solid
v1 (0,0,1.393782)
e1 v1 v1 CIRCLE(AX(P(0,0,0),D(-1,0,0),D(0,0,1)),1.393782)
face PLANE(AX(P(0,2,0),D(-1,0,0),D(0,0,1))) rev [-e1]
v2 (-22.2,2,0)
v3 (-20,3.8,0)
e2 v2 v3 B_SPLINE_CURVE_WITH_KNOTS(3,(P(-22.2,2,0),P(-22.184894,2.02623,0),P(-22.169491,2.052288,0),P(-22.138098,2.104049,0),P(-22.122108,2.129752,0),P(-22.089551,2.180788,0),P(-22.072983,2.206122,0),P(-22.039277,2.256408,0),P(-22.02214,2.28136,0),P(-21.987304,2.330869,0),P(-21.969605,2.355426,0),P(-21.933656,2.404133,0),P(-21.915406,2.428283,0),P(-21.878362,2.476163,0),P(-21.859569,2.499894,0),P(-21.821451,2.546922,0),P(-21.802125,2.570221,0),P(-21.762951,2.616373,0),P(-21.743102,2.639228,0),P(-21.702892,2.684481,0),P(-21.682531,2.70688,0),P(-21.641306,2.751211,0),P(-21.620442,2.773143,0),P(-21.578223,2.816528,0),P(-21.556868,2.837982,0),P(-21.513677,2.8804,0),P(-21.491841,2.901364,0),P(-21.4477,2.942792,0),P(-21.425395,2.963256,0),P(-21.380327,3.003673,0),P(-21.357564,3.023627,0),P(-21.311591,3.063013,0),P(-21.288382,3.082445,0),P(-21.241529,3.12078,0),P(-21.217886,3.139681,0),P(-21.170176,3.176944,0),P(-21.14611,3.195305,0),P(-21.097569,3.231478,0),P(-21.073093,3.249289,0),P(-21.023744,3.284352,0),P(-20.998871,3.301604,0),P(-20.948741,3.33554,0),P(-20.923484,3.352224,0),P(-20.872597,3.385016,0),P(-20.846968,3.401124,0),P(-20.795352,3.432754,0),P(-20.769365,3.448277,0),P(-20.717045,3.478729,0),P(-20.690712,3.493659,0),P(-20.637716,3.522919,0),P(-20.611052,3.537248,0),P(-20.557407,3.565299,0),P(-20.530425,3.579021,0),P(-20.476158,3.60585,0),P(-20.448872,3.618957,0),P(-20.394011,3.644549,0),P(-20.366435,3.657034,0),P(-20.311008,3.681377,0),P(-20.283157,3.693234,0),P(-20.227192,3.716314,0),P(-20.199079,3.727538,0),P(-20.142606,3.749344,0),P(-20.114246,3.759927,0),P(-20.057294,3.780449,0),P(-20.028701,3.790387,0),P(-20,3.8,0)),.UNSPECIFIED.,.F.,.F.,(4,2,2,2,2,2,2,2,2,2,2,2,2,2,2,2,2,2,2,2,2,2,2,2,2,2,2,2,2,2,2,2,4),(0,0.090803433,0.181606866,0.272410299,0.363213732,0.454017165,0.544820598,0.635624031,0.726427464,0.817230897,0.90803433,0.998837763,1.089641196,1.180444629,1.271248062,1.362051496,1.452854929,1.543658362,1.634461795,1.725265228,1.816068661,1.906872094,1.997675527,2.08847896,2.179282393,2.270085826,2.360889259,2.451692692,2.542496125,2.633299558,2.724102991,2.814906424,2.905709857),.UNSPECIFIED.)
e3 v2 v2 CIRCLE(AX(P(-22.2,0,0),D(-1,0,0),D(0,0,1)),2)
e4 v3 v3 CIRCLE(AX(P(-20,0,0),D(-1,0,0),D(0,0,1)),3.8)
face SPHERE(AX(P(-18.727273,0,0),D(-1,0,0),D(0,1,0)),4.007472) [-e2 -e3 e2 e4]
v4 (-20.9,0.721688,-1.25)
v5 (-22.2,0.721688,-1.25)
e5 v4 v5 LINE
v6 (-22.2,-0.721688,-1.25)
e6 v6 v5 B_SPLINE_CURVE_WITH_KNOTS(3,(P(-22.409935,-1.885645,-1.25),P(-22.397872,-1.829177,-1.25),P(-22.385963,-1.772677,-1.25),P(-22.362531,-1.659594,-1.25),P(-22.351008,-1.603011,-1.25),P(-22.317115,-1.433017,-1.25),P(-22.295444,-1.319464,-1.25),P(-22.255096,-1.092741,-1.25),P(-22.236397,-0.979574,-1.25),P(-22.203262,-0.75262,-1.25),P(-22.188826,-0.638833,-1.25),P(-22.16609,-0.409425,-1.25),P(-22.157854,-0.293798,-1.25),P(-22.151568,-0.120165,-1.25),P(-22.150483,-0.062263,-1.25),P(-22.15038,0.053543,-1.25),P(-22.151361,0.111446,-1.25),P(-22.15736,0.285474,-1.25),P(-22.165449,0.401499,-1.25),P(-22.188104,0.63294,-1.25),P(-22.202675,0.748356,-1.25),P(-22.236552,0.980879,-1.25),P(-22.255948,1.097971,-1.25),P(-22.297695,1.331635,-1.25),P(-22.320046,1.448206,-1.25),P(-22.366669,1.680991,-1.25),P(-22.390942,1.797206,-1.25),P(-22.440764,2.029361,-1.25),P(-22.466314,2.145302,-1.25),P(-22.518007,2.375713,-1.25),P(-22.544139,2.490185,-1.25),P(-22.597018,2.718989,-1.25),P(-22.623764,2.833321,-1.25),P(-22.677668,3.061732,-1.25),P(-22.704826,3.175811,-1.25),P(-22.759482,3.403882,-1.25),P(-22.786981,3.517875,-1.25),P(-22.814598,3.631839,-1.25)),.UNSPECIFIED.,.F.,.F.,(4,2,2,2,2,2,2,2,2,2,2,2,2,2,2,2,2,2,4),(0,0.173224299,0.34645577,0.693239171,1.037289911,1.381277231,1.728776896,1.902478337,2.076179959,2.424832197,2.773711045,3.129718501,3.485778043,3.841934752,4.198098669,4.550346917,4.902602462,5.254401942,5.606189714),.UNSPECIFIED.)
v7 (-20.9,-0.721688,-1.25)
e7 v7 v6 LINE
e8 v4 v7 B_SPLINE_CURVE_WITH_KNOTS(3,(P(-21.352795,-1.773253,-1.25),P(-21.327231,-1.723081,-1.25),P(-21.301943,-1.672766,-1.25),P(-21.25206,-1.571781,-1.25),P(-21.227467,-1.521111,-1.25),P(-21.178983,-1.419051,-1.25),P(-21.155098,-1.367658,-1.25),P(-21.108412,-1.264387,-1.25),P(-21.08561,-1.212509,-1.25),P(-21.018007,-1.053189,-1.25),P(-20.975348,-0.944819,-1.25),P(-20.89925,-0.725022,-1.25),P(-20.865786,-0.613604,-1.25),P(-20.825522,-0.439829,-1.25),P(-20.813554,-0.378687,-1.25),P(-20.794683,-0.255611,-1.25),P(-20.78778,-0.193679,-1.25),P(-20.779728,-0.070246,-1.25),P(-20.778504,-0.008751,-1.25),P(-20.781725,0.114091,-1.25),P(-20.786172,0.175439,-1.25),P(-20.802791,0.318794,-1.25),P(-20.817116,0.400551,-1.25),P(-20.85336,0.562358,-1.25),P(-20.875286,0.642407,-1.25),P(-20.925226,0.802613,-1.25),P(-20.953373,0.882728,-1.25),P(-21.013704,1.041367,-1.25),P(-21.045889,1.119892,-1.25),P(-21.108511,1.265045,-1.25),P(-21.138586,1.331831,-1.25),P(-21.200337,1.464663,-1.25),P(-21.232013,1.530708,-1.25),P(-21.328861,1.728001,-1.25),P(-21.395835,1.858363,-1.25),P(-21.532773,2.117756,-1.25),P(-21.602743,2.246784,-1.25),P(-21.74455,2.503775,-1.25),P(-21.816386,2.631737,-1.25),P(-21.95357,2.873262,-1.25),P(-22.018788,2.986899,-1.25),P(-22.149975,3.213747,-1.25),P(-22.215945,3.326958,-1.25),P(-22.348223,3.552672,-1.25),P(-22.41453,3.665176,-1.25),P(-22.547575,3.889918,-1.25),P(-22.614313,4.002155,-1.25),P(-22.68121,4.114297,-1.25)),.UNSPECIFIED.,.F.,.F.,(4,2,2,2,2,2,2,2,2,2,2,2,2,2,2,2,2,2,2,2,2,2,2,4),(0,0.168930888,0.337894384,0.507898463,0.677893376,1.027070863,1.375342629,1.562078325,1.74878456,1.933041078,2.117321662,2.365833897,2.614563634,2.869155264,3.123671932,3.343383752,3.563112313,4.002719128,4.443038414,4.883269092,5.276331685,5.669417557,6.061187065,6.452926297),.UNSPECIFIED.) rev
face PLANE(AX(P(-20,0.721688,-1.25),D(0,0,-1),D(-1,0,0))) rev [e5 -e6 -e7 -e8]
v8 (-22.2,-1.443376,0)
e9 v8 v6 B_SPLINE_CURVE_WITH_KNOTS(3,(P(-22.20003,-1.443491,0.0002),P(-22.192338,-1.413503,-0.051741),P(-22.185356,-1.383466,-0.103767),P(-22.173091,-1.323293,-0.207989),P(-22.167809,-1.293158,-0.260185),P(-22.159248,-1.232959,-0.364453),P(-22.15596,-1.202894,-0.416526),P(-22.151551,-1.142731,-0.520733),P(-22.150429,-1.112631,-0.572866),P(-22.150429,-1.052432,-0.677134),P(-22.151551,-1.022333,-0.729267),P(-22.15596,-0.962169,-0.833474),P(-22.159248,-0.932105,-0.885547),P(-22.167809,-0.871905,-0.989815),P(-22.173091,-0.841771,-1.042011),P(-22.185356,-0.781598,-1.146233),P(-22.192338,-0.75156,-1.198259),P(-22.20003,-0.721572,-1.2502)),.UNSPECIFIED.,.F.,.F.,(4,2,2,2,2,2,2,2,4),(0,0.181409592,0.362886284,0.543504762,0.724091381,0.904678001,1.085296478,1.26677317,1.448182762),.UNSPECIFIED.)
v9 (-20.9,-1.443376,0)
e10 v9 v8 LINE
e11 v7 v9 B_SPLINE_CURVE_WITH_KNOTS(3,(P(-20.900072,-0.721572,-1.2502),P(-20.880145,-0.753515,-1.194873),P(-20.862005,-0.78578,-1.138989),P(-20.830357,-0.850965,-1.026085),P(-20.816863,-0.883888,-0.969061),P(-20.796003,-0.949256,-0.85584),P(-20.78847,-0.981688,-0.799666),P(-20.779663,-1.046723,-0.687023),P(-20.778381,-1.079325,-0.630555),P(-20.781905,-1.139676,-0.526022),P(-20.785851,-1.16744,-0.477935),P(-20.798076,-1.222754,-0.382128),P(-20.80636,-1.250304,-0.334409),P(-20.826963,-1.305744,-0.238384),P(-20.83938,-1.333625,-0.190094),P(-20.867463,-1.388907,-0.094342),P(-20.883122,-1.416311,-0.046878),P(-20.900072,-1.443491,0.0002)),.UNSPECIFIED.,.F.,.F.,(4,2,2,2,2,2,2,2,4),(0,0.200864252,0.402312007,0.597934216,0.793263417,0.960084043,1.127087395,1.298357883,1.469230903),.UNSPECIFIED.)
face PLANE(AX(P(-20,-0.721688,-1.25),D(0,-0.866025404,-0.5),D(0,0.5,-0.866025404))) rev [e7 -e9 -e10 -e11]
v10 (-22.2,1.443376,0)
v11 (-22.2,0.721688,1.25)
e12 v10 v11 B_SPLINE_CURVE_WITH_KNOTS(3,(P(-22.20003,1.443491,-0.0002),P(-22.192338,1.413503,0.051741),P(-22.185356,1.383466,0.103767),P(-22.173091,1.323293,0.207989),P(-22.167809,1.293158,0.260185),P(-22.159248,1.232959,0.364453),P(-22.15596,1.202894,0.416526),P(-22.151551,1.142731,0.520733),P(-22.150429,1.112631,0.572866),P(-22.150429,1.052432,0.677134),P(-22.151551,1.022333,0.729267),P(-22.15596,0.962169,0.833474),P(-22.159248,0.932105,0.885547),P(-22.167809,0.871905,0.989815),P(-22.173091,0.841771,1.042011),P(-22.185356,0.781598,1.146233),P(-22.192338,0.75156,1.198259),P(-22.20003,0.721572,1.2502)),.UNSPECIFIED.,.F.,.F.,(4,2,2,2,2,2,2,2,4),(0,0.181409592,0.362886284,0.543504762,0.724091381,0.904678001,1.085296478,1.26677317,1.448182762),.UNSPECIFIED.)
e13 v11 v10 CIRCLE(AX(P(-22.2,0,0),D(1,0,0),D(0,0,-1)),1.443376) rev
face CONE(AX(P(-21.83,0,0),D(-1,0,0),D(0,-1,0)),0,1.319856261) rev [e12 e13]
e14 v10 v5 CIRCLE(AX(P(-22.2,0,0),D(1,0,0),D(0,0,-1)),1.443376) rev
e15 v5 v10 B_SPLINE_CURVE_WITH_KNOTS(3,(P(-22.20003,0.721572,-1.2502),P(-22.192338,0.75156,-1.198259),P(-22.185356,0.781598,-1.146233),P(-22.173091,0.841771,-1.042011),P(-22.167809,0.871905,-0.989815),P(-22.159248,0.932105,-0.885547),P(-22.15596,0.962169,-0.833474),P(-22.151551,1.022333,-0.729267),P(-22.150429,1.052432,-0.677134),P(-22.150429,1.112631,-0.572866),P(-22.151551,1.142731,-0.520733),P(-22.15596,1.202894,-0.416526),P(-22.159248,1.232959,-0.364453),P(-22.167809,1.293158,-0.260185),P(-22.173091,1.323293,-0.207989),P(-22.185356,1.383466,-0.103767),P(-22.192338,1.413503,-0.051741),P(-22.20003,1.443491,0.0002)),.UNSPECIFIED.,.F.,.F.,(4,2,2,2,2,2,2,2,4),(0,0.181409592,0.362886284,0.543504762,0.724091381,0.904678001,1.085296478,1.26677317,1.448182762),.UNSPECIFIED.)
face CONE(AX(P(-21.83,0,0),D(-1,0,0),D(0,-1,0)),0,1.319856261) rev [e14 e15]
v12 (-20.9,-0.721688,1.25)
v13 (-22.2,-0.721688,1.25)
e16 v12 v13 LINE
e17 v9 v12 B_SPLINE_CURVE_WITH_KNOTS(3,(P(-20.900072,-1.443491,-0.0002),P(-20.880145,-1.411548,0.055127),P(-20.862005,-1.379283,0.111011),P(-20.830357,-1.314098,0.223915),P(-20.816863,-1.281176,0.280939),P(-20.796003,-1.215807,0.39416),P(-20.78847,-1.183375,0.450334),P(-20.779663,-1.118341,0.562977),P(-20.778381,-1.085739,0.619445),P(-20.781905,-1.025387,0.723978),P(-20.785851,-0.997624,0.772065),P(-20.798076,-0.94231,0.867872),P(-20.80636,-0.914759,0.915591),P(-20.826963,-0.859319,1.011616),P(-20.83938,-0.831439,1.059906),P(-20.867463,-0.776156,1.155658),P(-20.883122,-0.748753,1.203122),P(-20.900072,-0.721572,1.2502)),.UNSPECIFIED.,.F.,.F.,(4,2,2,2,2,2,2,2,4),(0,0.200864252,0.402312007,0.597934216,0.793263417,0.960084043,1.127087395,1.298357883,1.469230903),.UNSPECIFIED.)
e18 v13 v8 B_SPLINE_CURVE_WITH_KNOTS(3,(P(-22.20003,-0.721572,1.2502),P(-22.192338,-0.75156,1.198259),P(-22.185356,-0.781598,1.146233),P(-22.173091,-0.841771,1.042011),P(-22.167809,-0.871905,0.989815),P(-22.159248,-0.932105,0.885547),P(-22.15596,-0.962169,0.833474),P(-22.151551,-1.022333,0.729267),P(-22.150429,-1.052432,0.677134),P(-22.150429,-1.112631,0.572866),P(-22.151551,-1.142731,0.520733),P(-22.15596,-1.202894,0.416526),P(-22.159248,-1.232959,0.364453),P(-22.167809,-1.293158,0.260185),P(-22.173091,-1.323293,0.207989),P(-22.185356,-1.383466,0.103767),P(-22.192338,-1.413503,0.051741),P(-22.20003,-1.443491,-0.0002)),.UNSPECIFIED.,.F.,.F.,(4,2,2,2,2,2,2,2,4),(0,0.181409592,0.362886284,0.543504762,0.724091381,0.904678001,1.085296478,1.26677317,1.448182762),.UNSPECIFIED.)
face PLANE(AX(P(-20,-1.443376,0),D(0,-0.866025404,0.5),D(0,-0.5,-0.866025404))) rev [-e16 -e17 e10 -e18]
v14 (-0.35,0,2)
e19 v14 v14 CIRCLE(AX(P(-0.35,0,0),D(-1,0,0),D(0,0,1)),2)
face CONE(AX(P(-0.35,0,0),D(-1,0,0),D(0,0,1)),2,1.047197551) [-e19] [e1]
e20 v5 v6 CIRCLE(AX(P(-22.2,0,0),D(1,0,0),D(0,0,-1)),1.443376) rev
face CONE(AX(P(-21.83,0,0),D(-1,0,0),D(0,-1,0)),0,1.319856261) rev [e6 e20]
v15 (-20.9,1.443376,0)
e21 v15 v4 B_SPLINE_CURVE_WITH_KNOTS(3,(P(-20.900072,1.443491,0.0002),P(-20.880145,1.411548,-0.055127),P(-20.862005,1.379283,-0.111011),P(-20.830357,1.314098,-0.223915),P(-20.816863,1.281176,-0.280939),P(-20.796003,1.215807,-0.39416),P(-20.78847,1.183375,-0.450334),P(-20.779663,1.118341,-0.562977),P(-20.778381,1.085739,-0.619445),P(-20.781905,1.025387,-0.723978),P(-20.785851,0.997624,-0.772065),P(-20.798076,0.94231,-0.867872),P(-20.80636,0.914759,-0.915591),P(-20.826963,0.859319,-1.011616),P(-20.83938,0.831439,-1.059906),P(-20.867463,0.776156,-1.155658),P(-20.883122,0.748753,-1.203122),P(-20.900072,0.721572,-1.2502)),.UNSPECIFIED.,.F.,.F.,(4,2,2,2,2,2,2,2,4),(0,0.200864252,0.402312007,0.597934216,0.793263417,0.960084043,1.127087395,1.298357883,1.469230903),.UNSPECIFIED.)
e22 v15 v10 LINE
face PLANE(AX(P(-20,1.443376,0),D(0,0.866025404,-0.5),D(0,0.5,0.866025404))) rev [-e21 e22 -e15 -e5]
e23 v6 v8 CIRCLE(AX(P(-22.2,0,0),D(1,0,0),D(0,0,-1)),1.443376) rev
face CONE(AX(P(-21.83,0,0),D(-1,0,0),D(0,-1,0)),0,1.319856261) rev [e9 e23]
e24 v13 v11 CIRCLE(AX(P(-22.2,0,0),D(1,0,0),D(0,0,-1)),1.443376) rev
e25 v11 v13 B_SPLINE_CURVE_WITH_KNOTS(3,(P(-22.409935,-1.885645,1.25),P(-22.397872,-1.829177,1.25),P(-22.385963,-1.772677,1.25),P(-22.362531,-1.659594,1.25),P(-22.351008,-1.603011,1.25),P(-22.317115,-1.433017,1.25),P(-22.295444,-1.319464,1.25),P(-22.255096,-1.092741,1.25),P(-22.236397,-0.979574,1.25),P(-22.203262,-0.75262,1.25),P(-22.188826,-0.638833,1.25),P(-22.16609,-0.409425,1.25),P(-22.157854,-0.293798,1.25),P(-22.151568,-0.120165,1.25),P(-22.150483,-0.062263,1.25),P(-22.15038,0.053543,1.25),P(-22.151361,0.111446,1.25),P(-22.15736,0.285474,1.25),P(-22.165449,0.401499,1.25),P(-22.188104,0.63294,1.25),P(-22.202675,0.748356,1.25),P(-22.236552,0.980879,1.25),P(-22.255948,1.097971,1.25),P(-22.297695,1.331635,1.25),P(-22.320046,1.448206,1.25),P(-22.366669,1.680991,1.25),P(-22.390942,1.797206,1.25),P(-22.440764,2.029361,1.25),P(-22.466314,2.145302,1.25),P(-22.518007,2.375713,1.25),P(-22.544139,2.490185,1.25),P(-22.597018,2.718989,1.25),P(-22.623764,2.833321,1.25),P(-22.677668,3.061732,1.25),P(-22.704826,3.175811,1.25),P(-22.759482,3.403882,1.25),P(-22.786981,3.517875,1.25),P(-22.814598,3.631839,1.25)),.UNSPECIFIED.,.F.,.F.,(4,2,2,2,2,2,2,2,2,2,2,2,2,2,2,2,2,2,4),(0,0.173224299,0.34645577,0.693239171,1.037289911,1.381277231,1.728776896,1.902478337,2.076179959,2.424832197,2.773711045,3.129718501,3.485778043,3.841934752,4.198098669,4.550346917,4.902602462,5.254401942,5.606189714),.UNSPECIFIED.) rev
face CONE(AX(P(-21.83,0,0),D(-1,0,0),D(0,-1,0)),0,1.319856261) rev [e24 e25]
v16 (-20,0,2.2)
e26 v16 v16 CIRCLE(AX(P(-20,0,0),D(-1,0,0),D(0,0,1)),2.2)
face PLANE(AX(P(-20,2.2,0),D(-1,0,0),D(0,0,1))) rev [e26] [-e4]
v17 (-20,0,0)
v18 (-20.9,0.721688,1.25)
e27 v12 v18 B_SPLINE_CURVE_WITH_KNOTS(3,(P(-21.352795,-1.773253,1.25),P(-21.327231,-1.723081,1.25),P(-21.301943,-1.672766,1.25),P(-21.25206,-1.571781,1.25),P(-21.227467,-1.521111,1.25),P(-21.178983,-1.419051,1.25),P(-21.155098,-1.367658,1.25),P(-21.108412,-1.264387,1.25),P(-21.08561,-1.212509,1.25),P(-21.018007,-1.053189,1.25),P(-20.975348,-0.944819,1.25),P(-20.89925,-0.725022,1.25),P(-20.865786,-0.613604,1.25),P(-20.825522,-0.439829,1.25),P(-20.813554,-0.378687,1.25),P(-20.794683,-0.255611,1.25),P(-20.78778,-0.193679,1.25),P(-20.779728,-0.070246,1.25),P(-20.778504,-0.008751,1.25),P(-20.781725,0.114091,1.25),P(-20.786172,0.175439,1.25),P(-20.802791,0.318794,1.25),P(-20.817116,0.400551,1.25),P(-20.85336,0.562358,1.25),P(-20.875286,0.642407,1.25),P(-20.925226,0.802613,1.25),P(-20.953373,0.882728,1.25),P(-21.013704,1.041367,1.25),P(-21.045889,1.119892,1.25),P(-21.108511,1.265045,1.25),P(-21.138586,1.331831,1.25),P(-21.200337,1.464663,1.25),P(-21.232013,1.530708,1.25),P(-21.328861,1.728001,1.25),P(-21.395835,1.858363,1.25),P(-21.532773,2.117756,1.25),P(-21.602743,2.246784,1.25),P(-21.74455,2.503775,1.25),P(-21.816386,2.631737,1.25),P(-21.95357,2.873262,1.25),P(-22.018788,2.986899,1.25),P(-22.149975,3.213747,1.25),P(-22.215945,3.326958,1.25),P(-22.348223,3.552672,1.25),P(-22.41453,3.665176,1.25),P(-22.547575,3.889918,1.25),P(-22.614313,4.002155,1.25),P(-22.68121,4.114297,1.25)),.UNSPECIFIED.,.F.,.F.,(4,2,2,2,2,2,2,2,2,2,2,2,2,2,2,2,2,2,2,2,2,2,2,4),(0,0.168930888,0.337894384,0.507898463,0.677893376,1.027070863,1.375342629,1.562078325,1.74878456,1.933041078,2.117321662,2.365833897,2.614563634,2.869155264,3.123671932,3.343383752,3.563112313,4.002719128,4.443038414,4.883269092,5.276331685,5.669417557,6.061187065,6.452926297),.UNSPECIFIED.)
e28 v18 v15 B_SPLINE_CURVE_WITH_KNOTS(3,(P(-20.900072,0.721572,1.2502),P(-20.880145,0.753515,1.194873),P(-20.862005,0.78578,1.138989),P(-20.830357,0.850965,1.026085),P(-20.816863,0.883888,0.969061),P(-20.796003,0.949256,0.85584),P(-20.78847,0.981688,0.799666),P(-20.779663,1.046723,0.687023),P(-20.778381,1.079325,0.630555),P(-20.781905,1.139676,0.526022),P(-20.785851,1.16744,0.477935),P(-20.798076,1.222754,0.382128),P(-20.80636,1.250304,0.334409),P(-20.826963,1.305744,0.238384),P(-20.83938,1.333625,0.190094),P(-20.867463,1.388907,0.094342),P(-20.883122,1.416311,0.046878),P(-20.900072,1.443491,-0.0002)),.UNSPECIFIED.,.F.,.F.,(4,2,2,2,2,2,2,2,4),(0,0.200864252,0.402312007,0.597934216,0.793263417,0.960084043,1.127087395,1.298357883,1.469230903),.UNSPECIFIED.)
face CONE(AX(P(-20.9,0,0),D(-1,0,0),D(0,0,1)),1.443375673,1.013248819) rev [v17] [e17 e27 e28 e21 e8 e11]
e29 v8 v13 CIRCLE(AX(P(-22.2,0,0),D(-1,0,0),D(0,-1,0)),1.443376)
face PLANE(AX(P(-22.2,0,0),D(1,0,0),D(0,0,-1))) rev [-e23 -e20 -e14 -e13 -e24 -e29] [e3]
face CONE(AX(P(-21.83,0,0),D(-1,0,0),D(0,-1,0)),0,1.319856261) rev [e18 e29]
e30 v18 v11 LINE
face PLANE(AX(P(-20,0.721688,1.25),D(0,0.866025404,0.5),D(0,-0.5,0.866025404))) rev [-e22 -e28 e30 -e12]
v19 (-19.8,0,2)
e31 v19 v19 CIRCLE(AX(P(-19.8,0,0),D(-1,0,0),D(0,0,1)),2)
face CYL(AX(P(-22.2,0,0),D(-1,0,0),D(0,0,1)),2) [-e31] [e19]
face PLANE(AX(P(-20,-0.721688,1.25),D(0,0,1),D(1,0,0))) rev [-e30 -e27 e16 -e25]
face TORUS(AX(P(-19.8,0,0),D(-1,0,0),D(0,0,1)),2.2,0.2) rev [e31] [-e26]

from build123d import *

# Parameters (mm, degrees)
CUT_EXTRUDE_1_DEPTH = 2.2


with BuildPart() as part:
    # 草图1 → 旋转1 (revolve)
    with BuildSketch(Plane.XY):
        with BuildLine():
            Line((0, 2), (-19.8, 2))
            ThreePointArc((-19.8, 2), (-19.941421356, 2.058578644), (-20, 2.2))
            Line((-20, 2.2), (-20, 3.8))
            ThreePointArc((-20, 3.8), (-21.264955669, 3.101612484), (-22.2, 2))
            Line((-22.2, 2), (-22.2, 0))
            Line((-22.2, 0), (0, 0))
            Line((0, 0), (0, 2))
        make_face()
    revolve(axis=Axis((-22.2, 0, 0), (1, 0, 0)))

    # 草图2 → 切除-拉伸1 (cut)
    with BuildSketch(Plane.ZY.offset(22.2)):
        Polygon((0, 1.443375673), (-1.25, 0.721687836), (-1.25, -0.721687836), (0, -1.443375673), (1.25, -0.721687836), (1.25, 0.721687836), align=None)
    extrude(amount=-CUT_EXTRUDE_1_DEPTH, mode=Mode.SUBTRACT)

    # 草图6 → 旋转2 (revolve)
    with BuildSketch(Plane.XY):
        Polygon((-20.9, 1.443375673), (-20, 0), (-19.63, 0), (-19.63, 1.443375673), align=None)
    revolve(axis=Axis((-22.2, 0, 0), (1, 0, 0)))

    # 草图7 → 切除-旋转5 (revolve, cut)
    with BuildSketch(Plane.XY):
        Polygon((-22.2, 1.443375673), (-21.83, 0), (-22.2, 0), align=None)
    revolve(axis=Axis((-22.2, 0, 0), (1, 0, 0)), mode=Mode.SUBTRACT)

    # 草图4 → 切除-旋转1 (revolve, cut)
    with BuildSketch(Plane.XY):
        Polygon((-0.35, 2), (0, 1.393782217), (0.35, 2), align=None)
    revolve(axis=Axis((-0.35, 0, 0), (1, 0, 0)), mode=Mode.SUBTRACT)


solid = part.part
